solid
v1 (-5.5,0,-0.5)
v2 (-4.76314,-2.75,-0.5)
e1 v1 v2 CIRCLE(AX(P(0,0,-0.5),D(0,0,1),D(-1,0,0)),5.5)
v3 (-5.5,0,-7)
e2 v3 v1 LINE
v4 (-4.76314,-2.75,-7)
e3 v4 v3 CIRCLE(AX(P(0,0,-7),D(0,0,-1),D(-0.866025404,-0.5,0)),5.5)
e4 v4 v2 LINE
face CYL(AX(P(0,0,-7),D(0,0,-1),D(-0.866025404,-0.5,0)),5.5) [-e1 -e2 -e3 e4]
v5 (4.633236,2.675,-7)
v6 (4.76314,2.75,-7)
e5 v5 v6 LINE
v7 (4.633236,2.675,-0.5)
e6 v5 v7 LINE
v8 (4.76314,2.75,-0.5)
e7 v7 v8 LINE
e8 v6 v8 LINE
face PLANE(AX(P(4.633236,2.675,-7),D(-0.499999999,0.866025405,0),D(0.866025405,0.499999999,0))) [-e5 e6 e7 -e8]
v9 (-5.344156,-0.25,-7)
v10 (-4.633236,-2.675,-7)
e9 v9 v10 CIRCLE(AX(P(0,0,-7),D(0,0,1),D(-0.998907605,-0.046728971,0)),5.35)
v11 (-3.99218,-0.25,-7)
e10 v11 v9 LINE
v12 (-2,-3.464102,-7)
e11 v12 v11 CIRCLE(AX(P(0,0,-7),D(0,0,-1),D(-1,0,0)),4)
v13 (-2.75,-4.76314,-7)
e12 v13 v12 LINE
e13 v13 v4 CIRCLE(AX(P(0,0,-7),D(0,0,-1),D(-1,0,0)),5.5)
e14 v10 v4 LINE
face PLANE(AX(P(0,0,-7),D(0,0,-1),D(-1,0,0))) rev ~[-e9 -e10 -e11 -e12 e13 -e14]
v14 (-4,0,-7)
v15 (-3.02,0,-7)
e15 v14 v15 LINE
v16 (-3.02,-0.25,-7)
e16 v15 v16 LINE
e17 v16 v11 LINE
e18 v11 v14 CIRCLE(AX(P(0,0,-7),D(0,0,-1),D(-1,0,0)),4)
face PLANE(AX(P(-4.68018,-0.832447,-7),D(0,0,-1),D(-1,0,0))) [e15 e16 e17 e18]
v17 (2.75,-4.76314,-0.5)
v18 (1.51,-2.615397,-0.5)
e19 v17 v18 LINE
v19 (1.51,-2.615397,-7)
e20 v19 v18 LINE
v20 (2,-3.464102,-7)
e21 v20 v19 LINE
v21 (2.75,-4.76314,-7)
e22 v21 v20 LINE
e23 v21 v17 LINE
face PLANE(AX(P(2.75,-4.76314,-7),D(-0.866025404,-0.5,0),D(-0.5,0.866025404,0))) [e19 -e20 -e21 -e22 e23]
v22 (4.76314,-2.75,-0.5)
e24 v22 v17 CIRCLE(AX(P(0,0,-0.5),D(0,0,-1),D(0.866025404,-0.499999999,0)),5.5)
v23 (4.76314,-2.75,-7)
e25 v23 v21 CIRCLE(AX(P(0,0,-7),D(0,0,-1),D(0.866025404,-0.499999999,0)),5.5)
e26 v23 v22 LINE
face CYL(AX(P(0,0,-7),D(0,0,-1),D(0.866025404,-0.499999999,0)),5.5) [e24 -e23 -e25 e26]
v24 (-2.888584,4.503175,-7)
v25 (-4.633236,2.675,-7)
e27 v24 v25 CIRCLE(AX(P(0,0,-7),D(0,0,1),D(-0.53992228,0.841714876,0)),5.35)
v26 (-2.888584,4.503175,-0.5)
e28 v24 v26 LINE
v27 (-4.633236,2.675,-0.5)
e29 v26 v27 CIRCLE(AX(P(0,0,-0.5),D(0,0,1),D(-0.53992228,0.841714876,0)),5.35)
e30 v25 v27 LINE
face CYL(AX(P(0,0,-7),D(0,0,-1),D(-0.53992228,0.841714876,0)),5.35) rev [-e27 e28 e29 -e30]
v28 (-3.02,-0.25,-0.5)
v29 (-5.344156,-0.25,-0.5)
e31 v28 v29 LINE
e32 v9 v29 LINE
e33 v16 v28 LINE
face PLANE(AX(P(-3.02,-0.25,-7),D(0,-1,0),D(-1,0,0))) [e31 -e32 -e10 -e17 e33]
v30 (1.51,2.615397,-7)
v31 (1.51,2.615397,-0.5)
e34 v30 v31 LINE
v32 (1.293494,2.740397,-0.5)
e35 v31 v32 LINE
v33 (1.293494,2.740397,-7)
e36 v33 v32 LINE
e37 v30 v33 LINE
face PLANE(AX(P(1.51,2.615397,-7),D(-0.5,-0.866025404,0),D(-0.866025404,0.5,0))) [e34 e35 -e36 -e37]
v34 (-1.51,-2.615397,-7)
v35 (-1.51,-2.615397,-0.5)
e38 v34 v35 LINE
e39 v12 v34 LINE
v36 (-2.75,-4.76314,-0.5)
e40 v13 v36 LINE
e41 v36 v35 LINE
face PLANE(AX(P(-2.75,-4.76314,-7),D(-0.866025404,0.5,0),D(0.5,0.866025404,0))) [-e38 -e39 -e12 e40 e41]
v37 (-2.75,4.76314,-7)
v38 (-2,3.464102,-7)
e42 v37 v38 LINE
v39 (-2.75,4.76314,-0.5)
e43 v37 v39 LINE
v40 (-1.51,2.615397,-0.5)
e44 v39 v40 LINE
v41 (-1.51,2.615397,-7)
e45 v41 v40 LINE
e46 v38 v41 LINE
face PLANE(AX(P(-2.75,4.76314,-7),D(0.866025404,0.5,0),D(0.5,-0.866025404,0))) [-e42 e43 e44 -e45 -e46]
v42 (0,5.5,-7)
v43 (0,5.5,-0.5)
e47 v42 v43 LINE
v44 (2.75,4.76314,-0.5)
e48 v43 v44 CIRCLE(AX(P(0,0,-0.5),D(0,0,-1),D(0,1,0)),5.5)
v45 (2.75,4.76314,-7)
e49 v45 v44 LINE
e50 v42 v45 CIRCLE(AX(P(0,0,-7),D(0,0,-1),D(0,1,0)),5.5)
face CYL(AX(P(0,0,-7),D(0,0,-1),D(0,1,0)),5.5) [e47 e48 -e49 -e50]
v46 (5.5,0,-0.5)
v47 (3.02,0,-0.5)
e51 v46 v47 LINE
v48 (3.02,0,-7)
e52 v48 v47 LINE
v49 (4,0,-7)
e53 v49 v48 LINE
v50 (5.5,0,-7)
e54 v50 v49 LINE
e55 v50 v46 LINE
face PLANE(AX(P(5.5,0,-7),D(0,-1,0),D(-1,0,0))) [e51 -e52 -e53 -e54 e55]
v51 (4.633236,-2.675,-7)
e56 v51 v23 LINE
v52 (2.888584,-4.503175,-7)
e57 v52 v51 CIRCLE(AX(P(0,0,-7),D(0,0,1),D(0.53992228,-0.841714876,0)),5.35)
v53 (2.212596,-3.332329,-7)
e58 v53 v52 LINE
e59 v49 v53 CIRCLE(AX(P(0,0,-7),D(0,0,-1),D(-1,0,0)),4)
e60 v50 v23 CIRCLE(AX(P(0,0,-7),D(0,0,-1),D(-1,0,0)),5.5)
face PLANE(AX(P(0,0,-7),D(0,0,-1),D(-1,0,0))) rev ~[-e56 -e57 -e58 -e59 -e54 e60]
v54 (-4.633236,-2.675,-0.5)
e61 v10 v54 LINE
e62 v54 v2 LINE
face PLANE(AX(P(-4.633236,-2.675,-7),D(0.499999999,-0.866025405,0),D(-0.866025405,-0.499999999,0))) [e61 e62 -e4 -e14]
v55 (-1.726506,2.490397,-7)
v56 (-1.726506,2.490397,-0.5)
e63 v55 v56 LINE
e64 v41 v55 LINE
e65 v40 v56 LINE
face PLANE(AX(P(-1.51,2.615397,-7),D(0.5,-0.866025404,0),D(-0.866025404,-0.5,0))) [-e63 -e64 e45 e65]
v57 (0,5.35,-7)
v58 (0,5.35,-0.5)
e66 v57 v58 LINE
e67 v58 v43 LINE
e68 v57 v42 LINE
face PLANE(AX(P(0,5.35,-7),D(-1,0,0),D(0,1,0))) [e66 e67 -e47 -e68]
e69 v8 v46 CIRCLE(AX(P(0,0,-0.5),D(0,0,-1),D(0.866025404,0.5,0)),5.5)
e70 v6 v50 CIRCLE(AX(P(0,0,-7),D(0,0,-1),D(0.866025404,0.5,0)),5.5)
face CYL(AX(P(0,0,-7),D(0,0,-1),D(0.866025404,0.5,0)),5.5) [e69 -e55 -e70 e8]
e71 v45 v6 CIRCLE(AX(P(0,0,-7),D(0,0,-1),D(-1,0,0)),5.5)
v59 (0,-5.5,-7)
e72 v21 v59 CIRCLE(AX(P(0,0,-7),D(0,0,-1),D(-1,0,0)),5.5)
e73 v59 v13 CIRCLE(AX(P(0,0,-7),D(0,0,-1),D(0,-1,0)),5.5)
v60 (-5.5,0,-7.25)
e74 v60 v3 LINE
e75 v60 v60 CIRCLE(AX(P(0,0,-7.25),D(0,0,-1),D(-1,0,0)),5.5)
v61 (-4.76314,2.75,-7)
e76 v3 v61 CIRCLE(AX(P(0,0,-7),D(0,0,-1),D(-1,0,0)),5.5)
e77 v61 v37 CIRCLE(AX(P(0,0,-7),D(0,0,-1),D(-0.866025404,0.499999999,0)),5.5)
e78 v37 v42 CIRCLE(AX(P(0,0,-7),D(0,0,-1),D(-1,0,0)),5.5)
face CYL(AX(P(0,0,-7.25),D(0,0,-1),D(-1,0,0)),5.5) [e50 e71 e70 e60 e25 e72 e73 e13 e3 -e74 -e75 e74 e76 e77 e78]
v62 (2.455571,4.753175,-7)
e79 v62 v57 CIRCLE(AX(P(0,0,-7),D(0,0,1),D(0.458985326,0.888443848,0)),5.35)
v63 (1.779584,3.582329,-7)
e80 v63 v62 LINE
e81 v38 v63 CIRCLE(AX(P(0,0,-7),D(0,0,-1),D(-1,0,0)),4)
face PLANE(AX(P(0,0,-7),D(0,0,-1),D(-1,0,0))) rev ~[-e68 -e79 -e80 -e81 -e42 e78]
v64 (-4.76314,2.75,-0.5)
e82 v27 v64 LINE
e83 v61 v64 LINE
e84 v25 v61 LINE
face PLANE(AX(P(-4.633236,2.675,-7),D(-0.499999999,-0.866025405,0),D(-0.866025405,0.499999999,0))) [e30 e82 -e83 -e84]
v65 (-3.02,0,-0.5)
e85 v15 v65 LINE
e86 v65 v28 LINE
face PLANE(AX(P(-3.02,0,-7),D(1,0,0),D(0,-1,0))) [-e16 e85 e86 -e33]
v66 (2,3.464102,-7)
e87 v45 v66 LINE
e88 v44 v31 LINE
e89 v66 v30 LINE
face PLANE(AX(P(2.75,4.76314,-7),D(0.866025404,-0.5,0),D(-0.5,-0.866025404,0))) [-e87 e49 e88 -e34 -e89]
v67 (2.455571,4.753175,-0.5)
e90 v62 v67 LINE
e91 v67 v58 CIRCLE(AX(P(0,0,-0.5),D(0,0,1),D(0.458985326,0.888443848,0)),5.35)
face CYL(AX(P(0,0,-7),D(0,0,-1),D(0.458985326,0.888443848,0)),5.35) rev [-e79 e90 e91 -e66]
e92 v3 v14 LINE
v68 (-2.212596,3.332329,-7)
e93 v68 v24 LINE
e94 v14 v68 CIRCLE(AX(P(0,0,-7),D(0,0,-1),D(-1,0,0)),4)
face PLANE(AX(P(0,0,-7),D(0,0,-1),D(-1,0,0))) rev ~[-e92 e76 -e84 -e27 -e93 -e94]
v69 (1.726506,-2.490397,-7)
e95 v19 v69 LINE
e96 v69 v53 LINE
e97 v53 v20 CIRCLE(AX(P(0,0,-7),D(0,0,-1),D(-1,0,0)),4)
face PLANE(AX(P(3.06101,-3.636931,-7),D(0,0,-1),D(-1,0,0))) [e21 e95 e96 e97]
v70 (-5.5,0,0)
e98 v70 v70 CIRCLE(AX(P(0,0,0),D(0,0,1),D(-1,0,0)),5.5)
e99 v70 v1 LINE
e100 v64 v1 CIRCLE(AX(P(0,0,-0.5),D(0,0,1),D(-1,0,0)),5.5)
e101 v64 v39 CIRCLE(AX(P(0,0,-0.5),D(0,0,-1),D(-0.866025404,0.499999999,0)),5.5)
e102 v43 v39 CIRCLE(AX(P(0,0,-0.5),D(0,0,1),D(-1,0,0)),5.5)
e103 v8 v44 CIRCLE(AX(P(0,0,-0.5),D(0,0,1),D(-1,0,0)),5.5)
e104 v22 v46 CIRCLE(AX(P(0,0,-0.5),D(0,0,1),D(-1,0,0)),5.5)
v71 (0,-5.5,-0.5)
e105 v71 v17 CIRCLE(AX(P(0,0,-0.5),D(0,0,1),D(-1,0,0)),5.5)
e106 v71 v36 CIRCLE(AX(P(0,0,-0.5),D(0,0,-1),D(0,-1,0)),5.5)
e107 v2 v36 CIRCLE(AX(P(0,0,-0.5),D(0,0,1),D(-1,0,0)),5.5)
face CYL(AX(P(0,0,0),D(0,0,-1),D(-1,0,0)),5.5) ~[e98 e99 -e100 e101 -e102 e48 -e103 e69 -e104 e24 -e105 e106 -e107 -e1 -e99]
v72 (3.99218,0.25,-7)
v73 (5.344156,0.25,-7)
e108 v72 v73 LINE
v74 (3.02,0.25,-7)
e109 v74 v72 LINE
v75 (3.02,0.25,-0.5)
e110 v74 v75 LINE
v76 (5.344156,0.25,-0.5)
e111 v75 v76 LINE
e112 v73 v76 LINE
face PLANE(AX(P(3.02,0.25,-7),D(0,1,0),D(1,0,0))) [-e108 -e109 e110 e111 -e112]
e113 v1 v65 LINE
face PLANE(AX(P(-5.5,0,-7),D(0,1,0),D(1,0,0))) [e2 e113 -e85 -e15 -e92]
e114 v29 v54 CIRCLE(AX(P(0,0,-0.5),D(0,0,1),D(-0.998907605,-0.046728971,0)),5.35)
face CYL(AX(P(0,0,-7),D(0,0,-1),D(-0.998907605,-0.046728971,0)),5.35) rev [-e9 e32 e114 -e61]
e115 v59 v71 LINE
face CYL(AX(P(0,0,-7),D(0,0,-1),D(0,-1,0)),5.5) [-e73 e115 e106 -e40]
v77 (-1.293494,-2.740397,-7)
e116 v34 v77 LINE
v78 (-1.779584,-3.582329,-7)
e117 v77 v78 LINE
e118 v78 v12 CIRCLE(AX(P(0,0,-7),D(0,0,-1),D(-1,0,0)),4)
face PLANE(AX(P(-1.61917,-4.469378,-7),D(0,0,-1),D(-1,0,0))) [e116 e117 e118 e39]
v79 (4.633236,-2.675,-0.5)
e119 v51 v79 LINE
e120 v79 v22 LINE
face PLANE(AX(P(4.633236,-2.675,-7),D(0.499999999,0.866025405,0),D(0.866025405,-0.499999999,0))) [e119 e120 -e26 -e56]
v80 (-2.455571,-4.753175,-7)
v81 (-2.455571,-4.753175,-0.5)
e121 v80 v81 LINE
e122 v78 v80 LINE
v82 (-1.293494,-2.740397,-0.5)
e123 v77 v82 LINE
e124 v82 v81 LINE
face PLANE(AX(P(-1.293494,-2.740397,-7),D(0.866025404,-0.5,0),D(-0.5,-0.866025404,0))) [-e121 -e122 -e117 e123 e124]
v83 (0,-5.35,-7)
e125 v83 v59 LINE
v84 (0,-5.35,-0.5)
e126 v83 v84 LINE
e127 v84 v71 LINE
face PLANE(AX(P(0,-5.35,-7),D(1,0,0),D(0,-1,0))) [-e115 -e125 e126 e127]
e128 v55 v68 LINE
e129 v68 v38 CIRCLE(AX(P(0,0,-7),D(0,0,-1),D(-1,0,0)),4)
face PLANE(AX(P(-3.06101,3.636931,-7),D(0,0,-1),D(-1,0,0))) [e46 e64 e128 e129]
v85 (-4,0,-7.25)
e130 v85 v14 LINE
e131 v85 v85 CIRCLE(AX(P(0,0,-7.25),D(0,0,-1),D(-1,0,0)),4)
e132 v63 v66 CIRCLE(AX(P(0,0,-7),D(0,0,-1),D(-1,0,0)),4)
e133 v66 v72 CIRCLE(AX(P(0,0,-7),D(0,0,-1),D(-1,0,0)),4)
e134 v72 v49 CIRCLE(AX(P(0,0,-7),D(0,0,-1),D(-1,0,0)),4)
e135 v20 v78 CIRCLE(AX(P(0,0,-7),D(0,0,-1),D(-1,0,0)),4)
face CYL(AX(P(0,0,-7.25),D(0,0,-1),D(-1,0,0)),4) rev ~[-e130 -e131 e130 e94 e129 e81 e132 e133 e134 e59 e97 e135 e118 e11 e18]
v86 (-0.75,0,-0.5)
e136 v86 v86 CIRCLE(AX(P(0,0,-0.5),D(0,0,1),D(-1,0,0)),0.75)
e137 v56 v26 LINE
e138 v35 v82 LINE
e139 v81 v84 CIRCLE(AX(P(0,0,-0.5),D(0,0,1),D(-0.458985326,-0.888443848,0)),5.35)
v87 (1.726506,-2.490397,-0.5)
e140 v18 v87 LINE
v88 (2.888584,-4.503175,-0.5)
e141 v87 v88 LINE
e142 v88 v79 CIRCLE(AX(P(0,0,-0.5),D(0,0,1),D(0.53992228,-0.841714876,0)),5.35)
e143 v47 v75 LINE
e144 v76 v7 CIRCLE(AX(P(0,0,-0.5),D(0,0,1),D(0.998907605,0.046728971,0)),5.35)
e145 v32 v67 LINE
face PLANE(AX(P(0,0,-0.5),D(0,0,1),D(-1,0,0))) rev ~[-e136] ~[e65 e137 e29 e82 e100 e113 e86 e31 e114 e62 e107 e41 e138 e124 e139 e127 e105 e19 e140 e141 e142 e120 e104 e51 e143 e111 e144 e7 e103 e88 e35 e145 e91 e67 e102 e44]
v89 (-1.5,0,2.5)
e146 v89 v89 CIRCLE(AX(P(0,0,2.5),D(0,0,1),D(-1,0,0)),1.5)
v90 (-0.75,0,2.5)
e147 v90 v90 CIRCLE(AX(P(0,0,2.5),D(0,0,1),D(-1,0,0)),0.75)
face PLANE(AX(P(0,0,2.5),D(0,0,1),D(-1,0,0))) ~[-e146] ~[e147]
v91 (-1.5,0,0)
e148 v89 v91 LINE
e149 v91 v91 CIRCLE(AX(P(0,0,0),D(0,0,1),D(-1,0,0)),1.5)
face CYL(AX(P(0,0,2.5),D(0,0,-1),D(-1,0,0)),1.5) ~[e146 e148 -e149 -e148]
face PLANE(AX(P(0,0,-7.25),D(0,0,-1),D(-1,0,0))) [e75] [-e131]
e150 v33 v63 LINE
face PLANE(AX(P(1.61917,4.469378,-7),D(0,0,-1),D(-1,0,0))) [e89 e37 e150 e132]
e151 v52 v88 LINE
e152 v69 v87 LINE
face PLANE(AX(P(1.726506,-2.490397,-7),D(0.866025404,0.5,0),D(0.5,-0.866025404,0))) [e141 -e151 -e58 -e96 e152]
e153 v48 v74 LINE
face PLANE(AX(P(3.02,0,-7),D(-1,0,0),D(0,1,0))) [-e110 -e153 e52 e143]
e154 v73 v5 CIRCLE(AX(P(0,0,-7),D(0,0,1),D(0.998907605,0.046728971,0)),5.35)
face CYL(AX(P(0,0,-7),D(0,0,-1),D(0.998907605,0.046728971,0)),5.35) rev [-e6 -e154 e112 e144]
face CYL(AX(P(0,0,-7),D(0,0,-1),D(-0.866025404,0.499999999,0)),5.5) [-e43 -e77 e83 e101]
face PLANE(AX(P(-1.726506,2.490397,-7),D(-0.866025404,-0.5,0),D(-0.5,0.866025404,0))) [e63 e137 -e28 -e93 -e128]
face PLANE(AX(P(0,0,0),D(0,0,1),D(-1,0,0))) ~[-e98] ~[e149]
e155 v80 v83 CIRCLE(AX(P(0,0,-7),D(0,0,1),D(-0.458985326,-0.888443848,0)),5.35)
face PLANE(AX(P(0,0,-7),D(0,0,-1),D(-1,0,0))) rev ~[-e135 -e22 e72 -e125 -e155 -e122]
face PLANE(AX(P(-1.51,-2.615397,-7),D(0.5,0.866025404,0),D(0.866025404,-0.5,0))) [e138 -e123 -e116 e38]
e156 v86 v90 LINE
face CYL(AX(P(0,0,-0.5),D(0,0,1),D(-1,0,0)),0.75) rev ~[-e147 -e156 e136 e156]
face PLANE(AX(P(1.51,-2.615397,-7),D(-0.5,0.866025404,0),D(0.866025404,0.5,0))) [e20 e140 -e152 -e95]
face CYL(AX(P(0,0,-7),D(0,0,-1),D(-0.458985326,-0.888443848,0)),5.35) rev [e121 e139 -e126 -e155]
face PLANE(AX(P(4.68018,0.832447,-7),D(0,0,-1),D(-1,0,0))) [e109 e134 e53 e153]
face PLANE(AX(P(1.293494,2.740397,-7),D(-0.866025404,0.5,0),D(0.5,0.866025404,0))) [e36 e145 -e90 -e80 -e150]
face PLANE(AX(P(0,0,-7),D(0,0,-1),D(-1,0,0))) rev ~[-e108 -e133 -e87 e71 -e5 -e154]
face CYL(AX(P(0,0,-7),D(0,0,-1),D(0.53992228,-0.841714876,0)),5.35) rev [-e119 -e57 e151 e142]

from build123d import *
from build123d.topology import SkipClean

# Parameters (mm, degrees)
BOSS_EXTRUDE1_START = 6.5
BOSS_EXTRUDE1_DEPTH = 6.5
BOSS_EXTRUDE2_START = 0.25
SKETCH3_R           = 5.5
SKETCH3_R_2         = 4
BOSS_EXTRUDE2_DEPTH = 0.25


with BuildPart() as part:
    # Sketch1 → Revolve1 (revolve)
    with BuildSketch(Plane(origin=(0, 0, 0), x_dir=(1, 0, 0), z_dir=(0, 1, 0)), mode=Mode.PRIVATE) as revolve1_sk:
        Polygon((5.5, 0.5), (0.75, 0.5), (0.75, -2.5), (1.5, -2.5), (1.5, 0), (5.5, 0), align=None)
    revolve(revolve1_sk.sketch.rotate(Axis((0, 0, -4.303790718), (0, 0, 1)), 180), axis=Axis((0, 0, -4.303790718), (0, 0, 1)))

    # Sketch2 → Boss-Extrude1 (add)
    with SkipClean():  # the faces are left unmerged after this step: merging them gives an invalid solid
        with BuildSketch(Plane(origin=(0, 0, -0.5), x_dir=(-1, 0, 0), z_dir=(0, 0, -1)).offset(BOSS_EXTRUDE1_START)):
            with BuildLine():
                Line((5.5, 0), (3.02, 0))
                Line((3.02, 0), (3.02, -0.25))
                Line((3.02, -0.25), (5.344155686, -0.25))
                ThreePointArc((5.344155686, -0.25), (5.133930465, -1.505077401), (4.63323591, -2.675))
                Line((4.63323591, -2.675), (4.763139721, -2.75))
                ThreePointArc((4.763139721, -2.75), (5.312592045, -1.423504748), (5.5, 0))
            make_face()
            with BuildLine():
                Line((2.75, -4.763139721), (1.51, -2.615396719))
                Line((1.51, -2.615396719), (1.293493649, -2.740396719))
                Line((1.293493649, -2.740396719), (2.455571492, -4.753174586))
                ThreePointArc((2.455571492, -4.753174586), (1.263529969, -5.198652904), (0, -5.35))
                Line((0, -5.35), (0, -5.5))
                ThreePointArc((0, -5.5), (1.423504748, -5.312592045), (2.75, -4.763139721))
            make_face()
            with BuildLine():
                Line((-2.75, -4.763139721), (-1.51, -2.615396719))
                Line((-1.51, -2.615396719), (-1.726506351, -2.490396719))
                Line((-1.726506351, -2.490396719), (-2.888584194, -4.503174586))
                ThreePointArc((-2.888584194, -4.503174586), (-3.870400496, -3.693575503), (-4.63323591, -2.675))
                Line((-4.63323591, -2.675), (-4.763139721, -2.75))
                ThreePointArc((-4.763139721, -2.75), (-3.889087297, -3.889087297), (-2.75, -4.763139721))
            make_face()
            with BuildLine():
                Line((-5.5, 0), (-3.02, 0))
                Line((-3.02, 0), (-3.02, 0.25))
                Line((-3.02, 0.25), (-5.344155686, 0.25))
                ThreePointArc((-5.344155686, 0.25), (-5.133930465, 1.505077401), (-4.63323591, 2.675))
                Line((-4.63323591, 2.675), (-4.763139721, 2.75))
                ThreePointArc((-4.763139721, 2.75), (-5.312592045, 1.423504748), (-5.5, 0))
            make_face()
            with BuildLine():
                Line((-2.75, 4.763139721), (-1.51, 2.615396719))
                Line((-1.51, 2.615396719), (-1.293493649, 2.740396719))
                Line((-1.293493649, 2.740396719), (-2.455571492, 4.753174586))
                ThreePointArc((-2.455571492, 4.753174586), (-1.263529969, 5.198652904), (0, 5.35))
                Line((0, 5.35), (0, 5.5))
                ThreePointArc((0, 5.5), (-1.423504748, 5.312592045), (-2.75, 4.763139721))
            make_face()
            with BuildLine():
                Line((2.75, 4.763139721), (1.51, 2.615396719))
                Line((1.51, 2.615396719), (1.726506351, 2.490396719))
                Line((1.726506351, 2.490396719), (2.888584194, 4.503174586))
                ThreePointArc((2.888584194, 4.503174586), (3.870400496, 3.693575503), (4.63323591, 2.675))
                Line((4.63323591, 2.675), (4.763139721, 2.75))
                ThreePointArc((4.763139721, 2.75), (3.889087297, 3.889087297), (2.75, 4.763139721))
            make_face()
        extrude(amount=-BOSS_EXTRUDE1_DEPTH)

    # Sketch3 → Boss-Extrude2 (add)
    with SkipClean():  # the faces are left unmerged after this step: merging them gives an invalid solid
        with BuildSketch(Plane(origin=(0, 0, -7), x_dir=(-1, 0, 0), z_dir=(0, 0, -1)).offset(BOSS_EXTRUDE2_START)):
            Circle(SKETCH3_R)
            Circle(SKETCH3_R_2, mode=Mode.SUBTRACT)
        extrude(amount=-BOSS_EXTRUDE2_DEPTH)


solid = part.part
